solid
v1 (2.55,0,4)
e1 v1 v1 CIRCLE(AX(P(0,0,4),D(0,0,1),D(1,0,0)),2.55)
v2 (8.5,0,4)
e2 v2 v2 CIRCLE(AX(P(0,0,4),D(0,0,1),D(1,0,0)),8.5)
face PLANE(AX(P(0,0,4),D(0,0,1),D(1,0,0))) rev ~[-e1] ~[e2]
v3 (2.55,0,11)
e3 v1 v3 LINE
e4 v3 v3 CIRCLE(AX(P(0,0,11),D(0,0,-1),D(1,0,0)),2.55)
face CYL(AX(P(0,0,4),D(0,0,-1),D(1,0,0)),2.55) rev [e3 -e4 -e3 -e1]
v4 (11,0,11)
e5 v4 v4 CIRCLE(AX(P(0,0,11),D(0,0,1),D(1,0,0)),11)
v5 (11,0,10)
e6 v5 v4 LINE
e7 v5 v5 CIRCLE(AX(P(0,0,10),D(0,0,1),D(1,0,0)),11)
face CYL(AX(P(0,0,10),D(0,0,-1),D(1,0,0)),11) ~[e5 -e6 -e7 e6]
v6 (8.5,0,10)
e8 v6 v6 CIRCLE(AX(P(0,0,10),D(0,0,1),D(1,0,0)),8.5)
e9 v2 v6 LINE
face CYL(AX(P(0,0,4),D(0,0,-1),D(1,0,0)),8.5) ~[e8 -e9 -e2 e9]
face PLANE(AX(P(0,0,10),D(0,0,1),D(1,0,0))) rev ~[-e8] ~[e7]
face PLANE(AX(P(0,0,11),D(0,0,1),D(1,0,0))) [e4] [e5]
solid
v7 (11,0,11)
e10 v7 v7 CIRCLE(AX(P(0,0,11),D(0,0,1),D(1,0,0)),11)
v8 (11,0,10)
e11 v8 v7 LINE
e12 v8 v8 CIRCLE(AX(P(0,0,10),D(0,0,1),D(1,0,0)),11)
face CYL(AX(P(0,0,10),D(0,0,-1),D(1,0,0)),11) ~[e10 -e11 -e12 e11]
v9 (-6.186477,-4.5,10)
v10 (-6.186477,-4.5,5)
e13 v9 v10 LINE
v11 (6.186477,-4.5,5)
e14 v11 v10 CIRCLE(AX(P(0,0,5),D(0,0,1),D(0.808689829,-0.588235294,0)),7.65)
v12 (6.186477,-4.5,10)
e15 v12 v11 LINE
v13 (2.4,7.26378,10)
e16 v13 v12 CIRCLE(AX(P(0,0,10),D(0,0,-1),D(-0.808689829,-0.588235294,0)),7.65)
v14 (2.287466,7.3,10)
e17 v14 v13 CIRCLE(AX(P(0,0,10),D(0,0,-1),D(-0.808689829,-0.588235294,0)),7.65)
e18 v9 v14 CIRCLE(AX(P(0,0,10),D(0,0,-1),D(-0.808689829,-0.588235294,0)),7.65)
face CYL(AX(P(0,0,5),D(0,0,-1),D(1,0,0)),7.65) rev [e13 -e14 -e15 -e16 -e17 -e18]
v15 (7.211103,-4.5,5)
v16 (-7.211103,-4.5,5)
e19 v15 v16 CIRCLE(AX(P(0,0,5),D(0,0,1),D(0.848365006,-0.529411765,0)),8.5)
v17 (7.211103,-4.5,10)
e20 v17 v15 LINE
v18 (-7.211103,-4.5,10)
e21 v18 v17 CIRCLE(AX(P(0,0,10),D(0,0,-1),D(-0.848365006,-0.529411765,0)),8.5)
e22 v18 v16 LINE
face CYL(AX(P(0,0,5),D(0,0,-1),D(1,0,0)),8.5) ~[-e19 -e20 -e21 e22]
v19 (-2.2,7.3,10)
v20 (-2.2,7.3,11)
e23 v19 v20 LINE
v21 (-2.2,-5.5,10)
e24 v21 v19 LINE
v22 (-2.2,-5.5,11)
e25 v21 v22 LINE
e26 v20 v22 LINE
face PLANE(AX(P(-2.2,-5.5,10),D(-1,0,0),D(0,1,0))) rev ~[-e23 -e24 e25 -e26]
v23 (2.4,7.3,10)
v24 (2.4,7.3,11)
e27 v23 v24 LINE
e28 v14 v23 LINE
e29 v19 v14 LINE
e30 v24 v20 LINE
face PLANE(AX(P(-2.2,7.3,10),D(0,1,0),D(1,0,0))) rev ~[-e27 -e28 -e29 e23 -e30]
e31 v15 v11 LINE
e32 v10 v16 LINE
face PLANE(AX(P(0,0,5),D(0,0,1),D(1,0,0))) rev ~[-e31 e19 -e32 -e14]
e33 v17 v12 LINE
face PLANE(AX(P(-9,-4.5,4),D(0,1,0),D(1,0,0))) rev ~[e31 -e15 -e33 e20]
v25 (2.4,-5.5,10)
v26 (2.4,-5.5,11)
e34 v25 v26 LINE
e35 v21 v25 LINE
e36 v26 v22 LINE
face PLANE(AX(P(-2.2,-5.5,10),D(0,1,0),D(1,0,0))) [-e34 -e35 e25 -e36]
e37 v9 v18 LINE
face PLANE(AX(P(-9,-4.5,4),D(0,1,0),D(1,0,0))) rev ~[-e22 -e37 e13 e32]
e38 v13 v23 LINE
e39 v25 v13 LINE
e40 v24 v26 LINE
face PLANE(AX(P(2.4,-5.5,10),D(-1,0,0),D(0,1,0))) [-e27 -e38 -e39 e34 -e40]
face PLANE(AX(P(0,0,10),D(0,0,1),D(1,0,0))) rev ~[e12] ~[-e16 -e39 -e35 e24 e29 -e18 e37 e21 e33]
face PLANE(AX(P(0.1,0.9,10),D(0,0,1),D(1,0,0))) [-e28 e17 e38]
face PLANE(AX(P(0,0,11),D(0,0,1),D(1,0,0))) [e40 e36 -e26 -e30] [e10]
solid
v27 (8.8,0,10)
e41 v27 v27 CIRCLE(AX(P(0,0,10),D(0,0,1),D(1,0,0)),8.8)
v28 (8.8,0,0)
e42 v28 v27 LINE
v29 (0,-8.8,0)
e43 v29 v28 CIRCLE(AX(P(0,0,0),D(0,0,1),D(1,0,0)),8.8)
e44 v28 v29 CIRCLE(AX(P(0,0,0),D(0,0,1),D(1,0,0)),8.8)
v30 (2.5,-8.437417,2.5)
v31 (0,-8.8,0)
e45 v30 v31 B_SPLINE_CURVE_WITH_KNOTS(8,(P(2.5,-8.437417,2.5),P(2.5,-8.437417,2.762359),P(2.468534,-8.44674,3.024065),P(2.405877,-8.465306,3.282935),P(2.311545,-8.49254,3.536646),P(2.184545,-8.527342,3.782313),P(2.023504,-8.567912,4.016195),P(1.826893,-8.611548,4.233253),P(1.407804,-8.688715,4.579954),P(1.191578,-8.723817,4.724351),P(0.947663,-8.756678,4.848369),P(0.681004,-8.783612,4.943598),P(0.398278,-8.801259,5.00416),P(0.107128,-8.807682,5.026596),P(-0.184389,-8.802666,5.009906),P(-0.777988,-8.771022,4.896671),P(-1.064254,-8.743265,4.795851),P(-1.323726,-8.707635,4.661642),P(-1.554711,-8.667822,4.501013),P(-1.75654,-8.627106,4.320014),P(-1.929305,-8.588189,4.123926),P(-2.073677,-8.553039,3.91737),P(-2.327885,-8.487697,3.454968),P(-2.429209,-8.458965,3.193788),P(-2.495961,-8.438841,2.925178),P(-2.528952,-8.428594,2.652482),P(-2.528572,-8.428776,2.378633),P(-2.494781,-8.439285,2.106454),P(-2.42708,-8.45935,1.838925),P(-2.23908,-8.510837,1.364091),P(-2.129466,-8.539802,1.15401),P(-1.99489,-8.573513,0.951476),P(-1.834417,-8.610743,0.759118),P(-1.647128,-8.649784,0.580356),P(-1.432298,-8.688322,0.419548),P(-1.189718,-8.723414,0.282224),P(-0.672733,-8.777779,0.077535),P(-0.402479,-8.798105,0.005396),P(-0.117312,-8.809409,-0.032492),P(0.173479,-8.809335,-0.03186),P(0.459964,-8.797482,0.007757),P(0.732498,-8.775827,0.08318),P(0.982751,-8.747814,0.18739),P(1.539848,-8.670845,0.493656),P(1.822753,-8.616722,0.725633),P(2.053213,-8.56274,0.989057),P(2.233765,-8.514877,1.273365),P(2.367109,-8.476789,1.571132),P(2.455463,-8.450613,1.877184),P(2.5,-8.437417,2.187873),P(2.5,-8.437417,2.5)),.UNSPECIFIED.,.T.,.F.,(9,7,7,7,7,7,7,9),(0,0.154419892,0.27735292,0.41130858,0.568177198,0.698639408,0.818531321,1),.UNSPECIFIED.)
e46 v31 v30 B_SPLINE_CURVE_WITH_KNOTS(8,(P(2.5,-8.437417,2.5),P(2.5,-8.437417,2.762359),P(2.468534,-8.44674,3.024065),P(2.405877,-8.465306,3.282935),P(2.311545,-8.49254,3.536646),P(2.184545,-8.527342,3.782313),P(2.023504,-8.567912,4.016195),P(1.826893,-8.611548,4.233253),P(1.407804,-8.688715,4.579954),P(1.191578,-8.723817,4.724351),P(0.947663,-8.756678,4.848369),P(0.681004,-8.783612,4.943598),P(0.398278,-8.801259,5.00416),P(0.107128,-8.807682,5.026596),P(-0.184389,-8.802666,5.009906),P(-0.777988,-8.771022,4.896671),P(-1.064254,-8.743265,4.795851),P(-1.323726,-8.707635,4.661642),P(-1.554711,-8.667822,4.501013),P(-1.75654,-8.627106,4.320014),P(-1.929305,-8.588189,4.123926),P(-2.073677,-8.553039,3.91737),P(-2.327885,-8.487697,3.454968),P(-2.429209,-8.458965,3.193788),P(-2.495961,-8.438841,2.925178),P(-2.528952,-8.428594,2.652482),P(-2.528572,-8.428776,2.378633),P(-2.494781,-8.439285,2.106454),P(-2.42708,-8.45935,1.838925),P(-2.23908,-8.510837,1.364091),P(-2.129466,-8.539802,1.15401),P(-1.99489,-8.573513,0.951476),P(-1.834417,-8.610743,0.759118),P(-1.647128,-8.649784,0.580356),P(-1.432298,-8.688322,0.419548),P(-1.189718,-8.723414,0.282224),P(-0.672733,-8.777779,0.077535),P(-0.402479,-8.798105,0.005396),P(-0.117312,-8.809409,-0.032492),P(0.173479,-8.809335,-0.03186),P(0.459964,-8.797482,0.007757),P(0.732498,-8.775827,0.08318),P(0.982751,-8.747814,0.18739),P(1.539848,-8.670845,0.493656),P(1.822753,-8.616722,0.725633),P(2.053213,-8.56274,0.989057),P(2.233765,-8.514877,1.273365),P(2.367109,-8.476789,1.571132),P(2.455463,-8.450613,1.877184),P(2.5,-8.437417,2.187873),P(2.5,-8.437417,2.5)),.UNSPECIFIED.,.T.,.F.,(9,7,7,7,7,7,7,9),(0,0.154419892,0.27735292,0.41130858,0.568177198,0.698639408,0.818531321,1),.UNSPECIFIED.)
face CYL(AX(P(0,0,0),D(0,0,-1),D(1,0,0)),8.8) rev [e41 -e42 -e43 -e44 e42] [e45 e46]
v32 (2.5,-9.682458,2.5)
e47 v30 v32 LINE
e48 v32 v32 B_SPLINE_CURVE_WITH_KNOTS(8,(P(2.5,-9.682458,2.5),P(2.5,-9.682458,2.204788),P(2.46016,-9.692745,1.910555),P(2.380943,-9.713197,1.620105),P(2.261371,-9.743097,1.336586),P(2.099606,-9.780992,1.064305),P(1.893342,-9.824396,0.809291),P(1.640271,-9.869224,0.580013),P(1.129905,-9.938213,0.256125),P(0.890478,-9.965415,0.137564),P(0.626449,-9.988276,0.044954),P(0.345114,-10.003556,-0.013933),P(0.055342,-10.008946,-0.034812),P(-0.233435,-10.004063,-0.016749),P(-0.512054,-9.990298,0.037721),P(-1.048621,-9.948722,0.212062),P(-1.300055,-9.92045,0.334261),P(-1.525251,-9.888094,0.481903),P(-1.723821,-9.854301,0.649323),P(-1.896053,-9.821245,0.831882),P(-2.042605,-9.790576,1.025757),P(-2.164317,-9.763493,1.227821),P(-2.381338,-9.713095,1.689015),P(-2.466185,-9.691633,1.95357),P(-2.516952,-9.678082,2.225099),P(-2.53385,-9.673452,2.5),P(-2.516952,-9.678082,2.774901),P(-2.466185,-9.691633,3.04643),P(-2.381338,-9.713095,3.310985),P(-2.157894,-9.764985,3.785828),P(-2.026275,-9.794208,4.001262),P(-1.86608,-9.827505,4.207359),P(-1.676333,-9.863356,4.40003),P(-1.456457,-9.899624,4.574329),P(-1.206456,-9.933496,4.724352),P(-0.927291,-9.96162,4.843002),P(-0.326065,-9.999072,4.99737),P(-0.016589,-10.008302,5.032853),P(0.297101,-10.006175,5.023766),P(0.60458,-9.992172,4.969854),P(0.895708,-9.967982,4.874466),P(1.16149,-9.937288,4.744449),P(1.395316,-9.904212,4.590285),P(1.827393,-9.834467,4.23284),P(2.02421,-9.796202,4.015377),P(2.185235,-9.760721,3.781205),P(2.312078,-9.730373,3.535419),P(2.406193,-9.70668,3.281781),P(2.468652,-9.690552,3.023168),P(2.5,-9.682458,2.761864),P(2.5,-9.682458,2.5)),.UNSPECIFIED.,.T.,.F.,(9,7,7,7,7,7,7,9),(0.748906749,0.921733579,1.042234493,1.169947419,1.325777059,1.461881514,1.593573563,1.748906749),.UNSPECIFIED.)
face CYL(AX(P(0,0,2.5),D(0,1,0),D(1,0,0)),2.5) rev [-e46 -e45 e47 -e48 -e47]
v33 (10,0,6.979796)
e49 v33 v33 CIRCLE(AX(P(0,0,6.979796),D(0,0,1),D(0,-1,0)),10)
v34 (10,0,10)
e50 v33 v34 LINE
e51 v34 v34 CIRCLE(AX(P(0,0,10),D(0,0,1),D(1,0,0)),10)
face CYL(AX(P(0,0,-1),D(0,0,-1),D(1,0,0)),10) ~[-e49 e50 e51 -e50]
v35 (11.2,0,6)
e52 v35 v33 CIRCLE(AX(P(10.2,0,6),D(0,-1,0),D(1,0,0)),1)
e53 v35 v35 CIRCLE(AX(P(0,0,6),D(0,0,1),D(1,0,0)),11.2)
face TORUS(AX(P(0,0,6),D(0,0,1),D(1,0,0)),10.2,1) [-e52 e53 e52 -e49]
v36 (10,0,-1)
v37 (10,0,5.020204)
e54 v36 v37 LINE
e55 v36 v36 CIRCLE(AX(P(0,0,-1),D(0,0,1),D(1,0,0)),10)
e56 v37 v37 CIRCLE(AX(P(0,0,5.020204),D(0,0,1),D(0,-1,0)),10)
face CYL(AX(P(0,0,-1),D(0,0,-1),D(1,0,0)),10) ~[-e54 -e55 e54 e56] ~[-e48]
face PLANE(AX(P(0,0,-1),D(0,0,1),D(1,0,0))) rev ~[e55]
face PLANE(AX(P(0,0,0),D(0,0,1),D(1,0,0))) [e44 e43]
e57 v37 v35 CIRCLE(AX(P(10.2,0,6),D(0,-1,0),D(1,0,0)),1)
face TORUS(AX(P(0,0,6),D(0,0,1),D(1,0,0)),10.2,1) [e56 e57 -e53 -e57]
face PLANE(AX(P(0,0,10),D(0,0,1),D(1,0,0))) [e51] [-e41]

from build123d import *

# Parameters (mm, degrees)
TORUS_R                = 1
CYLINDER002_R          = 2.5
CYLINDER002_DEPTH      = 10
CYLINDER002_ROLL_ANGLE = 90
CYLINDER_R             = 8.8
CYLINDER_DEPTH         = 10
CYLINDER001_R          = 10
CYLINDER001_DEPTH      = 11
CYLINDER004_R          = 2.55
CYLINDER004_DEPTH      = 12
CYLINDER005_R          = 11
CYLINDER005_DEPTH      = 1
CYLINDER003_R          = 8.5
CYLINDER003_DEPTH      = 6
BOX001_W               = 4.6
BOX001_H               = 12.8
BOX001_DEPTH           = 3
CYLINDER008_R          = 11
CYLINDER008_DEPTH      = 1
BOX_W                  = 18
BOX_H                  = 7
BOX_DEPTH              = 7
CYLINDER007_R          = 7.65
CYLINDER007_DEPTH      = 5
CYLINDER006_R          = 8.5
CYLINDER006_DEPTH      = 5


with BuildPart() as torus:
    # Torus → Torus (revolve)
    with BuildSketch(Plane(origin=(0, 0, 6), x_dir=(1, 0, 0), z_dir=(0, -1, 0))):
        with Locations((10.2, 0)):
            Circle(TORUS_R)
    revolve(axis=Axis((0, 0, 6), (0, 0, 1)))


with BuildPart() as cylinder:
    # Cylinder002 → Cylinder002 (new body)
    with BuildSketch(Plane.XY):
        Circle(CYLINDER002_R)
    extrude(amount=CYLINDER002_DEPTH)


with BuildPart() as cylinder_1:
    # Cylinder002 roll: moved
    add(cylinder.part.rotate(Axis((0, 0, 0), (1, 0, 0)), CYLINDER002_ROLL_ANGLE))


with BuildPart() as cylinder_2:
    # Cylinder002 placement: moved
    add(cylinder_1.part.moved(Location((0, 0, 2.5))))


with BuildPart() as fusion:
    # Cylinder → Cylinder (new body)
    with BuildSketch(Plane.XY):
        Circle(CYLINDER_R)
    extrude(amount=CYLINDER_DEPTH)

    # Fusion: union Cylinder
    add(cylinder_2.part)


with BuildPart() as ir_box:
    # Cylinder001 → Cylinder001 (new body)
    with BuildSketch(Plane.XY.offset(-1)):
        Circle(CYLINDER001_R)
    extrude(amount=CYLINDER001_DEPTH)

    # Cut: cut Fusion
    add(fusion.part, mode=Mode.SUBTRACT)

    # Fusion001: union Torus
    add(torus.part)


with BuildPart() as zaklad_vnitrni:
    # Cylinder004 → Cylinder004 (new body)
    with BuildSketch(Plane.XY.offset(4)):
        Circle(CYLINDER004_R)
    extrude(amount=CYLINDER004_DEPTH)


with BuildPart() as zaklda_poklop:
    # Cylinder005 → Cylinder005 (new body)
    with BuildSketch(Plane.XY.offset(10)):
        Circle(CYLINDER005_R)
    extrude(amount=CYLINDER005_DEPTH)


with BuildPart() as ir_sender:
    # Cylinder003 → Cylinder003 (new body)
    with BuildSketch(Plane.XY.offset(4)):
        Circle(CYLINDER003_R)
    extrude(amount=CYLINDER003_DEPTH)

    # Fusion002: union zaklda-poklop
    add(zaklda_poklop.part)

    # Cut001: cut zaklad-vnitrni
    add(zaklad_vnitrni.part, mode=Mode.SUBTRACT)


with BuildPart() as cube001:
    # Box001 → Box001 (new body)
    with BuildSketch(Plane(origin=(-2.2, -5.5, 10), x_dir=(1, 0, 0), z_dir=(0, 0, 1))):
        with Locations((2.3, 6.4)):
            Rectangle(BOX001_W, BOX001_H)
    extrude(amount=BOX001_DEPTH)


with BuildPart() as zaklda_poklop001:
    # Cylinder008 → Cylinder008 (new body)
    with BuildSketch(Plane.XY.offset(10)):
        Circle(CYLINDER008_R)
    extrude(amount=CYLINDER008_DEPTH)


with BuildPart() as cube:
    # Box → Box (new body)
    with BuildSketch(Plane(origin=(-9, -11.5, 4), x_dir=(1, 0, 0), z_dir=(0, 0, 1))):
        with Locations((9, 3.5)):
            Rectangle(BOX_W, BOX_H)
    extrude(amount=BOX_DEPTH)


with BuildPart() as cylinder002:
    # Cylinder007 → Cylinder007 (new body)
    with BuildSketch(Plane.XY.offset(5)):
        Circle(CYLINDER007_R)
    extrude(amount=CYLINDER007_DEPTH)


with BuildPart() as ir_receiver:
    # Cylinder006 → Cylinder006 (new body)
    with BuildSketch(Plane.XY.offset(5)):
        Circle(CYLINDER006_R)
    extrude(amount=CYLINDER006_DEPTH)

    # Cut002: cut Cylinder002
    add(cylinder002.part, mode=Mode.SUBTRACT)

    # Cut003: cut Cube
    add(cube.part, mode=Mode.SUBTRACT)

    # Fusion003: union zaklda-poklop001
    add(zaklda_poklop001.part)

    # Cut004: cut Cube001
    add(cube001.part, mode=Mode.SUBTRACT)


solid = Compound([ir_box.part, ir_sender.part, ir_receiver.part])
